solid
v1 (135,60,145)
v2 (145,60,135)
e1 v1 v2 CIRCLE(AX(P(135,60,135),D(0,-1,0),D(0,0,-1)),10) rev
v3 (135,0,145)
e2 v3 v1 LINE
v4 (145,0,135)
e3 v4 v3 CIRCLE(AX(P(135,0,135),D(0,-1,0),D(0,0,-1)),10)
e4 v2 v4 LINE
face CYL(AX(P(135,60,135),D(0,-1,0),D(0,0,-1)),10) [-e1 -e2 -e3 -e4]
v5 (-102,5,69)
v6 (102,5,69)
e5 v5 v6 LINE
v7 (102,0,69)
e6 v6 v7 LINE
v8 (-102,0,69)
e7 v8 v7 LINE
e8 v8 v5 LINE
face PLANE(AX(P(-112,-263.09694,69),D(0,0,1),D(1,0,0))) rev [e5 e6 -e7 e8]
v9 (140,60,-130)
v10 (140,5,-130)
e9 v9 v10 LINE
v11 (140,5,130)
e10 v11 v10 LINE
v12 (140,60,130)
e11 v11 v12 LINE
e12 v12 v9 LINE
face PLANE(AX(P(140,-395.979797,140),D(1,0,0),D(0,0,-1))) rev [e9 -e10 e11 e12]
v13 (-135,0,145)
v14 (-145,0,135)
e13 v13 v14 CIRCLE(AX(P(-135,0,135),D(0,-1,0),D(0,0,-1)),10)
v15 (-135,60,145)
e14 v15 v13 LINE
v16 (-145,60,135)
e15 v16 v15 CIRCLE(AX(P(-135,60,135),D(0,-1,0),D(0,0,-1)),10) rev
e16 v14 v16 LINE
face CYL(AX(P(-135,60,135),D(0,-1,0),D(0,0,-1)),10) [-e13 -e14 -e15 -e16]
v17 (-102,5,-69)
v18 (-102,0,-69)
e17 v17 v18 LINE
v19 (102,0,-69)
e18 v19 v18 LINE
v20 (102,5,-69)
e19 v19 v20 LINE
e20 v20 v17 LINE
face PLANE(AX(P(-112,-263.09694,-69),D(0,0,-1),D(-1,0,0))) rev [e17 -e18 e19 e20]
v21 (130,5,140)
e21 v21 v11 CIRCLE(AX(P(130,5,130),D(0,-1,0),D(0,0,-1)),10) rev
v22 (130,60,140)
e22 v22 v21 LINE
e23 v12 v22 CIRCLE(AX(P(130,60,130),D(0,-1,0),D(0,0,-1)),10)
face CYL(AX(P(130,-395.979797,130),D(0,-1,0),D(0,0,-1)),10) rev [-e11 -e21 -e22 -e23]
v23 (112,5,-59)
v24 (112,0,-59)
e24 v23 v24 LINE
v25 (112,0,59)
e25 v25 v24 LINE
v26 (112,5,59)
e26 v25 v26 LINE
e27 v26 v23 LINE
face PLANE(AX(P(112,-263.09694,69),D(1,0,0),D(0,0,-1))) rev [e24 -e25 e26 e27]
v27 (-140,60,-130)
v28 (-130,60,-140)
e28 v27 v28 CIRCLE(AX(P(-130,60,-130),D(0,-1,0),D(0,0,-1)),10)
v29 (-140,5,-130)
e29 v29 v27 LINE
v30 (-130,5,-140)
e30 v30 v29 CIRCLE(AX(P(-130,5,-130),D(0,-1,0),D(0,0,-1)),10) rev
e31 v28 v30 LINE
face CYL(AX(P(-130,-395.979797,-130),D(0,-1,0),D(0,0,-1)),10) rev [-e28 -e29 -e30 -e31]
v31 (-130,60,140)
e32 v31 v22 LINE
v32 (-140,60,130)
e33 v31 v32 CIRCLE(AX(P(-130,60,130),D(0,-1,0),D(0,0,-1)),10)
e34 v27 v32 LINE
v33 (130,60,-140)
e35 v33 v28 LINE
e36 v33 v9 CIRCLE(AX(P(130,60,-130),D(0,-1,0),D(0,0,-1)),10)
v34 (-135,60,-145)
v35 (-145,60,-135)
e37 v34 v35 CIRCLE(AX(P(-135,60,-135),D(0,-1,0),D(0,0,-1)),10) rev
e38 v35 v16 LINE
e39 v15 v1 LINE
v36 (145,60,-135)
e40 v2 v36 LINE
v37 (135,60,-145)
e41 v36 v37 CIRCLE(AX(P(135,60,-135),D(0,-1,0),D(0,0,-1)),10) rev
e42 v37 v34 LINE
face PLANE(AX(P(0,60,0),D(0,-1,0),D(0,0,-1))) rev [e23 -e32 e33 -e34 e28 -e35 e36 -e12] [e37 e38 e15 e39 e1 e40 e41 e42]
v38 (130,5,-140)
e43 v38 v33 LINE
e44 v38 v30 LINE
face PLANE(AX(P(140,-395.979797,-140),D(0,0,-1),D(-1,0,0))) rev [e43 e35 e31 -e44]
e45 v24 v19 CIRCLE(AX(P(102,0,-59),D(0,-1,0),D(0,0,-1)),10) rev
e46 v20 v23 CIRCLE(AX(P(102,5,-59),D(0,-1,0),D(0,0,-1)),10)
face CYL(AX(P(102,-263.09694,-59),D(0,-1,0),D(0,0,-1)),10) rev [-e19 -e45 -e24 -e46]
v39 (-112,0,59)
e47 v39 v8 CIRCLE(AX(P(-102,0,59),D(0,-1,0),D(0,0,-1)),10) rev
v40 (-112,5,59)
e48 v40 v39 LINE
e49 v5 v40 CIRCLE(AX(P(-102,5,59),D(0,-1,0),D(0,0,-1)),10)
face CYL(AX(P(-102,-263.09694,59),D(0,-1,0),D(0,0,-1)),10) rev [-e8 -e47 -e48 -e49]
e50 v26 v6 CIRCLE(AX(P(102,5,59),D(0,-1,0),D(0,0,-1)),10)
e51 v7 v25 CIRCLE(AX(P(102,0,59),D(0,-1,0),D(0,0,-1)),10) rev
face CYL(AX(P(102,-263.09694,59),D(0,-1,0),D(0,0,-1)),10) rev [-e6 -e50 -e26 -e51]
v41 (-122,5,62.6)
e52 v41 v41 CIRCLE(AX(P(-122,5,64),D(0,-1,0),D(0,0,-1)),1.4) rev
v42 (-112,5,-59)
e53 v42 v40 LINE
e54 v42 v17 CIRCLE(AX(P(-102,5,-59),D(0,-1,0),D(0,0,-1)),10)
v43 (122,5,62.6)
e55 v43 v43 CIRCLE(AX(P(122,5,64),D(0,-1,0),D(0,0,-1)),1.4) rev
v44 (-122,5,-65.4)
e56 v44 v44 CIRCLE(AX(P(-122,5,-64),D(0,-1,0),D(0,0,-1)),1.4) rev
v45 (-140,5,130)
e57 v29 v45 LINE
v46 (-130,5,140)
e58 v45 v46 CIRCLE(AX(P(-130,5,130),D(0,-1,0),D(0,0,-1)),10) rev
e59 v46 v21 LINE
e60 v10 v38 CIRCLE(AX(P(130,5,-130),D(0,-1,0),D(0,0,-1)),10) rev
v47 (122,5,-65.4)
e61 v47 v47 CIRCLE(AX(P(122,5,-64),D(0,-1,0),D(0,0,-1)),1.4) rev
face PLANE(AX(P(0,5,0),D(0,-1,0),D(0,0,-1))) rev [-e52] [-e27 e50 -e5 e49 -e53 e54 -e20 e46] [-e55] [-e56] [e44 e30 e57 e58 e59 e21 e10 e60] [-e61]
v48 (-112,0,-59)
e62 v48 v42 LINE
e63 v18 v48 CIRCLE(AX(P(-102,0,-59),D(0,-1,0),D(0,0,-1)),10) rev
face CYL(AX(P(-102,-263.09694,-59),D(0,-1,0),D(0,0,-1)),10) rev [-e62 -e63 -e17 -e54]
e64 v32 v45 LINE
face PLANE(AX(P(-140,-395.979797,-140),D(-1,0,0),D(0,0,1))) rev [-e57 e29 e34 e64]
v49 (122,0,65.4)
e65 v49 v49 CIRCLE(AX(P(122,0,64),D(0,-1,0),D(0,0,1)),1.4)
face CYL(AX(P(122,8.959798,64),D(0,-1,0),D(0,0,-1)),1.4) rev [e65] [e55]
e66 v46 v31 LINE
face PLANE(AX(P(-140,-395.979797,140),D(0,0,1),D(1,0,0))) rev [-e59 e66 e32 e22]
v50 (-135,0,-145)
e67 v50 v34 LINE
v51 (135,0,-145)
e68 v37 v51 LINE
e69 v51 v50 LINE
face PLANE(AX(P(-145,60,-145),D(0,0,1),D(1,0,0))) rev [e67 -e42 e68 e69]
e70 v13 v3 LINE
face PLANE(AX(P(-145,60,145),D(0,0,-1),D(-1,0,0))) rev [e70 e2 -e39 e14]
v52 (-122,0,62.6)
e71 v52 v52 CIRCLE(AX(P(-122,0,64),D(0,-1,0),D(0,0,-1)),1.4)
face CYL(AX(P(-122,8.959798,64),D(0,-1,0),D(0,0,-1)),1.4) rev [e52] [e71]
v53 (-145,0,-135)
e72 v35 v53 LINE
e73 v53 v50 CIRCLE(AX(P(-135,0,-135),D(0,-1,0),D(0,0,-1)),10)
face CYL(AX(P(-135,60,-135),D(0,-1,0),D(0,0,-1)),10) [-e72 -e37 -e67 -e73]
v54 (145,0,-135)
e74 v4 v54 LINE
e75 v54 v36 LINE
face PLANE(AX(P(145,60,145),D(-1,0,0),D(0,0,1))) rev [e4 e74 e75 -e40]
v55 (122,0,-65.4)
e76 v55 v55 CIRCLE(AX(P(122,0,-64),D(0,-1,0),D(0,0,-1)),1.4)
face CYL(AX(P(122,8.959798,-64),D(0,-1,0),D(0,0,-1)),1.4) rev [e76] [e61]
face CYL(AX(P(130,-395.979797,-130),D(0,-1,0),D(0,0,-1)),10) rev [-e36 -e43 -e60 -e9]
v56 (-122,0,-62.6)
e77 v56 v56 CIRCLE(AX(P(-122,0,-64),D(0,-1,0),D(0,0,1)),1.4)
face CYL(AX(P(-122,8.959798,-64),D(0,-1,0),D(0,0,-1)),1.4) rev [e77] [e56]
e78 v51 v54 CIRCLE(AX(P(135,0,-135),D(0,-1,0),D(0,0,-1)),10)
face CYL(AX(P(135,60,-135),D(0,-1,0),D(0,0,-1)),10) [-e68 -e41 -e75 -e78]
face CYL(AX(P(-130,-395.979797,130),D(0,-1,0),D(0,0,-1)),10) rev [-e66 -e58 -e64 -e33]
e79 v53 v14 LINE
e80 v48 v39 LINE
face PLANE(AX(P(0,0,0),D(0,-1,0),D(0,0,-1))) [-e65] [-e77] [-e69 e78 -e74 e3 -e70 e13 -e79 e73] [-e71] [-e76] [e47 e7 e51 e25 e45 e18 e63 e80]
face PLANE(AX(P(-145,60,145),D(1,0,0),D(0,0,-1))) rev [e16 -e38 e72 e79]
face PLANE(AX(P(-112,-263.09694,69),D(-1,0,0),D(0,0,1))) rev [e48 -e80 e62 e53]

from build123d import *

# Parameters (mm, degrees)
SKETCH_1_W          = 290
SKETCH_1_H          = 290
EXTRUDE_1_DEPTH     = 60
SKETCH_2_W          = 280
SKETCH_2_H          = 280
CUT_EXTRUDE_2_DEPTH = 55
SKETCH_3_W          = 224
SKETCH_3_H          = 138
CUT_EXTRUDE_3_DEPTH = 5
SKETCH_4_R          = 1.4
CUT_EXTRUDE_4_DEPTH = 5
FILLET_1_R          = 10
FILLET_2_R          = 10


with BuildPart() as part:
    # 草图1 → 凸台-拉伸1 (new body)
    with BuildSketch(Plane(origin=(0, 0, 0), x_dir=(1, 0, 0), z_dir=(0, 1, 0))):
        Rectangle(SKETCH_1_W, SKETCH_1_H)
    extrude(amount=EXTRUDE_1_DEPTH)

    # 草图2 → 切除-拉伸2 (cut)
    with BuildSketch(Plane(origin=(0, 60, 0), x_dir=(1, 0, 0), z_dir=(0, 1, 0))):
        Rectangle(SKETCH_2_W, SKETCH_2_H)
    extrude(amount=-CUT_EXTRUDE_2_DEPTH, mode=Mode.SUBTRACT)

    # 草图3 → 切除-拉伸3 (cut)
    with BuildSketch(Plane(origin=(0, 5, 0), x_dir=(1, 0, 0), z_dir=(0, 1, 0))):
        Rectangle(SKETCH_3_W, SKETCH_3_H)
    extrude(amount=-CUT_EXTRUDE_3_DEPTH, mode=Mode.SUBTRACT)

    # 草图4 → 切除-拉伸4 (cut)
    with BuildSketch(Plane.XZ):
        with Locations(Location((-122, 64, 0), (0, 0, 270))):
            Circle(SKETCH_4_R)
        with Locations(Location((122, 64, 0), (0, 0, 270))):
            Circle(SKETCH_4_R)
        with Locations(Location((122, -64, 0), (0, 0, 270))):
            Circle(SKETCH_4_R)
        with Locations(Location((-122, -64, 0), (0, 0, 270))):
            Circle(SKETCH_4_R)
    extrude(amount=-CUT_EXTRUDE_4_DEPTH, mode=Mode.SUBTRACT)

    # 圆角1
    fillet_1_edges = [part.edges().sort_by_distance(p)[0] for p in [
        (140, 32.5, -140),
        (-140, 32.5, -140),
        (-140, 32.5, 140),
        (140, 32.5, 140),
        (145, 30, 145),
        (-145, 30, 145),
        (-145, 30, -145),
        (145, 30, -145),
    ]]
    fillet(fillet_1_edges, radius=FILLET_1_R)

    # 圆角2
    fillet_2_edges = [part.edges().sort_by_distance(p)[0] for p in [
        (-112, 2.5, -69),
        (-112, 2.5, 69),
        (112, 2.5, 69),
        (112, 2.5, -69),
    ]]
    fillet(fillet_2_edges, radius=FILLET_2_R)


solid = part.part
